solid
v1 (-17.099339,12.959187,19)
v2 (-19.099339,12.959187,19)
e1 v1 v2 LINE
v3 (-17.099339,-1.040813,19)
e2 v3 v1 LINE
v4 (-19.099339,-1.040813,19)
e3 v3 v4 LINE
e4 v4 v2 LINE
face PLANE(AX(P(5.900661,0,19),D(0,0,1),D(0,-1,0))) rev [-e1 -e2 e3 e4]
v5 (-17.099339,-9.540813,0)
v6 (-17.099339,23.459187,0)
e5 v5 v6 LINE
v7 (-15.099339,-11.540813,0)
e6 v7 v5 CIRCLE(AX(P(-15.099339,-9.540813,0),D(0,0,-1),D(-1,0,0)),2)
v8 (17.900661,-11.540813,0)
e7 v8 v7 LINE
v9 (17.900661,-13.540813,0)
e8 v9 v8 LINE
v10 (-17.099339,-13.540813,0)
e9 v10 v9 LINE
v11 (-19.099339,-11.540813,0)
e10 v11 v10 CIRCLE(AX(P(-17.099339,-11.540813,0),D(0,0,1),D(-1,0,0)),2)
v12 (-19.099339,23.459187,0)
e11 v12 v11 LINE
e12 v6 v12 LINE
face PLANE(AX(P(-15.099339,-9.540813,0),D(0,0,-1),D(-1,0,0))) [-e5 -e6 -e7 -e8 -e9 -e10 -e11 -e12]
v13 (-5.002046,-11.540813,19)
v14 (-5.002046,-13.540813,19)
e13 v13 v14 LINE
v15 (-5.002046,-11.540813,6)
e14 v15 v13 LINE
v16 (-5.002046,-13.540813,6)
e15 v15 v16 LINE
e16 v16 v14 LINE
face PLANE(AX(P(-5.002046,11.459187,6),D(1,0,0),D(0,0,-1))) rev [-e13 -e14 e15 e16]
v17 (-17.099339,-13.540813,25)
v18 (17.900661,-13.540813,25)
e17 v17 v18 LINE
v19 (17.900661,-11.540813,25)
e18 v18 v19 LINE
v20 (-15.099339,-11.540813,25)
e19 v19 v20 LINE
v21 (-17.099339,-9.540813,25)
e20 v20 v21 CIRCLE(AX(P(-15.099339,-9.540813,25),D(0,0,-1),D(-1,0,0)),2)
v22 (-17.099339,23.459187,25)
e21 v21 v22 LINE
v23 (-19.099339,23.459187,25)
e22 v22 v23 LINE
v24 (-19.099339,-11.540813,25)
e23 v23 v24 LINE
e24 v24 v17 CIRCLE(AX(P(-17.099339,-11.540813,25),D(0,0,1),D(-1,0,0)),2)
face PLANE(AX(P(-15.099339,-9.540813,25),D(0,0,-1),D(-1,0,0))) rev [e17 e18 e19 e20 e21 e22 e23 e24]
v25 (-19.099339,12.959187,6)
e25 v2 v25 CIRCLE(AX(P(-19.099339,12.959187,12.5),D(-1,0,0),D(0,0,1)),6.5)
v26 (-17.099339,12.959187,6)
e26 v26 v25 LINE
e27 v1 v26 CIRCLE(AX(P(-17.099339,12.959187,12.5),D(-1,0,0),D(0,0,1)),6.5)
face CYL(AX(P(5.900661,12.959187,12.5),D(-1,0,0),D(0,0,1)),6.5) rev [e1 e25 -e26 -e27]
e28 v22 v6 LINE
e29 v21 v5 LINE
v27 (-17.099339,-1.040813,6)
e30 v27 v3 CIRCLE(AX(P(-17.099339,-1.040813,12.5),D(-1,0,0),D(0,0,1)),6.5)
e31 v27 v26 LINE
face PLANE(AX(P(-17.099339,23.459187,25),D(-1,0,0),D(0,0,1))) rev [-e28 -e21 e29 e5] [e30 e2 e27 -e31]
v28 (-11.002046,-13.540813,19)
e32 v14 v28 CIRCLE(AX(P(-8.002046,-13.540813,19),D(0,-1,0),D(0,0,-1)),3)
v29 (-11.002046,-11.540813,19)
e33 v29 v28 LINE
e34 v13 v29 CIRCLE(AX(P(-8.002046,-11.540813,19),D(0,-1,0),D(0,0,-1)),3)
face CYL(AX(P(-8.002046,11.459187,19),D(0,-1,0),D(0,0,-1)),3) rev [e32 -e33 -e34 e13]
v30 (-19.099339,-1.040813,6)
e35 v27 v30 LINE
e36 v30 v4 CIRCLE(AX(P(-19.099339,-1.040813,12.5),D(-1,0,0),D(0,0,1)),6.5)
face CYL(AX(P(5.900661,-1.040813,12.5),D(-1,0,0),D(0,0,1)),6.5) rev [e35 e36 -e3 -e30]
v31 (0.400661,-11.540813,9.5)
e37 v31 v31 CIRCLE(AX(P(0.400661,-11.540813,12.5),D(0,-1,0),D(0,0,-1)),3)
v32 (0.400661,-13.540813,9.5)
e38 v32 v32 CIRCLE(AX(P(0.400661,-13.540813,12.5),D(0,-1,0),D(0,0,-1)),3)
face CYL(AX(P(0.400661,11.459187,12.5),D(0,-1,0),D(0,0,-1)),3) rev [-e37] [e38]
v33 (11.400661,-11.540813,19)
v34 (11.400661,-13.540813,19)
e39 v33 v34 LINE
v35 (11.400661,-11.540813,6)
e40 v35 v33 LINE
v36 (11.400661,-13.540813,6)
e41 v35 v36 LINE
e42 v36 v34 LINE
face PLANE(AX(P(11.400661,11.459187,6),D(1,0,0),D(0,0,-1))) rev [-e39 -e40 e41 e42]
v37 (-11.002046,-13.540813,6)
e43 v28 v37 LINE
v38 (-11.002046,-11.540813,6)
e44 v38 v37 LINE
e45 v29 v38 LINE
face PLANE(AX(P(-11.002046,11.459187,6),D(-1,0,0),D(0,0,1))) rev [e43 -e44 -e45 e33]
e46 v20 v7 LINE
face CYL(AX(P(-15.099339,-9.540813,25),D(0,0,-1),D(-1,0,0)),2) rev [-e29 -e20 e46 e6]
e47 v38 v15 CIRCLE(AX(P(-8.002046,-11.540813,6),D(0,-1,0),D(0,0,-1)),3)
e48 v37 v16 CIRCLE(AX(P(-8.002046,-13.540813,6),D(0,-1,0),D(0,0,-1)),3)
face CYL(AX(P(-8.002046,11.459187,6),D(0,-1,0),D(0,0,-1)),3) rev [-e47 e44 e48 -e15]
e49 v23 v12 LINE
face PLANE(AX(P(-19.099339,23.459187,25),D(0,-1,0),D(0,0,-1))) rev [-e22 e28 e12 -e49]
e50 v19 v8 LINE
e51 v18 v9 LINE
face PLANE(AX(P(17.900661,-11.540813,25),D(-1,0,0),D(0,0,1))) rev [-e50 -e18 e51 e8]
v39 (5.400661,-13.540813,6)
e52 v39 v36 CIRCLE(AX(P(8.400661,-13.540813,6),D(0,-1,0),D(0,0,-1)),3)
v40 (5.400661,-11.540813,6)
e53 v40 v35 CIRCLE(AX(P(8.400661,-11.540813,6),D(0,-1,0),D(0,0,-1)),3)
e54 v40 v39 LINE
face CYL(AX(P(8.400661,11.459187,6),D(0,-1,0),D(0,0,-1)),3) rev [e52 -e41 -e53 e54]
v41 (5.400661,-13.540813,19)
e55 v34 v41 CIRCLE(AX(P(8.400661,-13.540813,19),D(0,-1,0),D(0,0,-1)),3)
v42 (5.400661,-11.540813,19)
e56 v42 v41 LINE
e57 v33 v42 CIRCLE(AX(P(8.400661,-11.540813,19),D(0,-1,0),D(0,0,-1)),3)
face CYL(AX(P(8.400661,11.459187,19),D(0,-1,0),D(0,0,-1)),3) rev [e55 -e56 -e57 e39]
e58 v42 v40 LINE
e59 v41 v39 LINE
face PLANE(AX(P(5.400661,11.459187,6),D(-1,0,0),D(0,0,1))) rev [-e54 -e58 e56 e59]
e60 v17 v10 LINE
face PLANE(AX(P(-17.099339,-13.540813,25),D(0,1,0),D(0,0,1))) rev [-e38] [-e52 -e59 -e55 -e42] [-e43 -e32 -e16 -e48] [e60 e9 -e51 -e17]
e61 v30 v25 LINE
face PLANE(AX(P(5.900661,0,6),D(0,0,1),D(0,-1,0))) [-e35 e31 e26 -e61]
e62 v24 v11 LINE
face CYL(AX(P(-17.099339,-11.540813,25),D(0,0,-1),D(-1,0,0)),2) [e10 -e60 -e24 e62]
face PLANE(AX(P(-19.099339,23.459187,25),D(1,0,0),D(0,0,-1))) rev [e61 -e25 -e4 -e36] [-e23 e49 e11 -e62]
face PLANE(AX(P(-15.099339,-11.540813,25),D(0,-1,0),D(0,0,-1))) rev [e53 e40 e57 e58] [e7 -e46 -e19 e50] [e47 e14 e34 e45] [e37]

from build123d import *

# Parameters (mm, degrees)
BOSS_EXTRUDE1_DEPTH = 25
CUT_EXTRUDE1_DEPTH  = 25
SKETCH3_R           = 3
CUT_EXTRUDE2_DEPTH  = 25


with BuildPart() as part:
    # Sketch1 → Boss-Extrude1 (new body)
    with BuildSketch(Plane.XY):
        with BuildLine():
            Line((-19.099339108, 23.459186619), (-19.099339108, -11.540813381))
            ThreePointArc((-19.099339108, -11.540813381), (-18.51355267, -12.955026943), (-17.099339108, -13.540813381))
            Line((-17.099339108, -13.540813381), (17.900660892, -13.540813381))
            Line((17.900660892, -13.540813381), (17.900660892, -11.540813381))
            Line((17.900660892, -11.540813381), (-15.099339108, -11.540813381))
            ThreePointArc((-15.099339108, -11.540813381), (-16.51355267, -10.955026943), (-17.099339108, -9.540813381))
            Line((-17.099339108, -9.540813381), (-17.099339108, 23.459186619))
            Line((-17.099339108, 23.459186619), (-19.099339108, 23.459186619))
        make_face()
    extrude(amount=BOSS_EXTRUDE1_DEPTH)

    # Sketch2 → Cut-Extrude1 (cut)
    with BuildSketch(Plane.ZY.offset(19.099339108)):
        with BuildLine():
            Line((6, -1.040813381), (6, 12.959186619))
            ThreePointArc((6, 12.959186619), (12.5, 19.459186619), (19, 12.959186619))
            Line((19, 12.959186619), (19, -1.040813381))
            ThreePointArc((19, -1.040813381), (12.5, -7.540813381), (6, -1.040813381))
        make_face()
    extrude(amount=-CUT_EXTRUDE1_DEPTH, mode=Mode.SUBTRACT)

    # Sketch3 → Cut-Extrude2 (cut)
    with BuildSketch(Plane.XZ.offset(13.540813381)):
        with Locations((0.400660892, 12.5)):
            Circle(SKETCH3_R)
        with BuildLine():
            Line((5.400660892, 6), (5.400660892, 19))
            ThreePointArc((5.400660892, 19), (8.400660892, 22), (11.400660892, 19))
            Line((11.400660892, 19), (11.400660892, 6))
            ThreePointArc((11.400660892, 6), (8.400660892, 3), (5.400660892, 6))
        make_face()
        with BuildLine():
            Line((-11.002045654, 6), (-11.002045654, 19))
            ThreePointArc((-11.002045654, 19), (-8.002045654, 22), (-5.002045654, 19))
            Line((-5.002045654, 19), (-5.002045654, 6))
            ThreePointArc((-5.002045654, 6), (-8.002045654, 3), (-11.002045654, 6))
        make_face()
    extrude(amount=-CUT_EXTRUDE2_DEPTH, mode=Mode.SUBTRACT)


solid = part.part
